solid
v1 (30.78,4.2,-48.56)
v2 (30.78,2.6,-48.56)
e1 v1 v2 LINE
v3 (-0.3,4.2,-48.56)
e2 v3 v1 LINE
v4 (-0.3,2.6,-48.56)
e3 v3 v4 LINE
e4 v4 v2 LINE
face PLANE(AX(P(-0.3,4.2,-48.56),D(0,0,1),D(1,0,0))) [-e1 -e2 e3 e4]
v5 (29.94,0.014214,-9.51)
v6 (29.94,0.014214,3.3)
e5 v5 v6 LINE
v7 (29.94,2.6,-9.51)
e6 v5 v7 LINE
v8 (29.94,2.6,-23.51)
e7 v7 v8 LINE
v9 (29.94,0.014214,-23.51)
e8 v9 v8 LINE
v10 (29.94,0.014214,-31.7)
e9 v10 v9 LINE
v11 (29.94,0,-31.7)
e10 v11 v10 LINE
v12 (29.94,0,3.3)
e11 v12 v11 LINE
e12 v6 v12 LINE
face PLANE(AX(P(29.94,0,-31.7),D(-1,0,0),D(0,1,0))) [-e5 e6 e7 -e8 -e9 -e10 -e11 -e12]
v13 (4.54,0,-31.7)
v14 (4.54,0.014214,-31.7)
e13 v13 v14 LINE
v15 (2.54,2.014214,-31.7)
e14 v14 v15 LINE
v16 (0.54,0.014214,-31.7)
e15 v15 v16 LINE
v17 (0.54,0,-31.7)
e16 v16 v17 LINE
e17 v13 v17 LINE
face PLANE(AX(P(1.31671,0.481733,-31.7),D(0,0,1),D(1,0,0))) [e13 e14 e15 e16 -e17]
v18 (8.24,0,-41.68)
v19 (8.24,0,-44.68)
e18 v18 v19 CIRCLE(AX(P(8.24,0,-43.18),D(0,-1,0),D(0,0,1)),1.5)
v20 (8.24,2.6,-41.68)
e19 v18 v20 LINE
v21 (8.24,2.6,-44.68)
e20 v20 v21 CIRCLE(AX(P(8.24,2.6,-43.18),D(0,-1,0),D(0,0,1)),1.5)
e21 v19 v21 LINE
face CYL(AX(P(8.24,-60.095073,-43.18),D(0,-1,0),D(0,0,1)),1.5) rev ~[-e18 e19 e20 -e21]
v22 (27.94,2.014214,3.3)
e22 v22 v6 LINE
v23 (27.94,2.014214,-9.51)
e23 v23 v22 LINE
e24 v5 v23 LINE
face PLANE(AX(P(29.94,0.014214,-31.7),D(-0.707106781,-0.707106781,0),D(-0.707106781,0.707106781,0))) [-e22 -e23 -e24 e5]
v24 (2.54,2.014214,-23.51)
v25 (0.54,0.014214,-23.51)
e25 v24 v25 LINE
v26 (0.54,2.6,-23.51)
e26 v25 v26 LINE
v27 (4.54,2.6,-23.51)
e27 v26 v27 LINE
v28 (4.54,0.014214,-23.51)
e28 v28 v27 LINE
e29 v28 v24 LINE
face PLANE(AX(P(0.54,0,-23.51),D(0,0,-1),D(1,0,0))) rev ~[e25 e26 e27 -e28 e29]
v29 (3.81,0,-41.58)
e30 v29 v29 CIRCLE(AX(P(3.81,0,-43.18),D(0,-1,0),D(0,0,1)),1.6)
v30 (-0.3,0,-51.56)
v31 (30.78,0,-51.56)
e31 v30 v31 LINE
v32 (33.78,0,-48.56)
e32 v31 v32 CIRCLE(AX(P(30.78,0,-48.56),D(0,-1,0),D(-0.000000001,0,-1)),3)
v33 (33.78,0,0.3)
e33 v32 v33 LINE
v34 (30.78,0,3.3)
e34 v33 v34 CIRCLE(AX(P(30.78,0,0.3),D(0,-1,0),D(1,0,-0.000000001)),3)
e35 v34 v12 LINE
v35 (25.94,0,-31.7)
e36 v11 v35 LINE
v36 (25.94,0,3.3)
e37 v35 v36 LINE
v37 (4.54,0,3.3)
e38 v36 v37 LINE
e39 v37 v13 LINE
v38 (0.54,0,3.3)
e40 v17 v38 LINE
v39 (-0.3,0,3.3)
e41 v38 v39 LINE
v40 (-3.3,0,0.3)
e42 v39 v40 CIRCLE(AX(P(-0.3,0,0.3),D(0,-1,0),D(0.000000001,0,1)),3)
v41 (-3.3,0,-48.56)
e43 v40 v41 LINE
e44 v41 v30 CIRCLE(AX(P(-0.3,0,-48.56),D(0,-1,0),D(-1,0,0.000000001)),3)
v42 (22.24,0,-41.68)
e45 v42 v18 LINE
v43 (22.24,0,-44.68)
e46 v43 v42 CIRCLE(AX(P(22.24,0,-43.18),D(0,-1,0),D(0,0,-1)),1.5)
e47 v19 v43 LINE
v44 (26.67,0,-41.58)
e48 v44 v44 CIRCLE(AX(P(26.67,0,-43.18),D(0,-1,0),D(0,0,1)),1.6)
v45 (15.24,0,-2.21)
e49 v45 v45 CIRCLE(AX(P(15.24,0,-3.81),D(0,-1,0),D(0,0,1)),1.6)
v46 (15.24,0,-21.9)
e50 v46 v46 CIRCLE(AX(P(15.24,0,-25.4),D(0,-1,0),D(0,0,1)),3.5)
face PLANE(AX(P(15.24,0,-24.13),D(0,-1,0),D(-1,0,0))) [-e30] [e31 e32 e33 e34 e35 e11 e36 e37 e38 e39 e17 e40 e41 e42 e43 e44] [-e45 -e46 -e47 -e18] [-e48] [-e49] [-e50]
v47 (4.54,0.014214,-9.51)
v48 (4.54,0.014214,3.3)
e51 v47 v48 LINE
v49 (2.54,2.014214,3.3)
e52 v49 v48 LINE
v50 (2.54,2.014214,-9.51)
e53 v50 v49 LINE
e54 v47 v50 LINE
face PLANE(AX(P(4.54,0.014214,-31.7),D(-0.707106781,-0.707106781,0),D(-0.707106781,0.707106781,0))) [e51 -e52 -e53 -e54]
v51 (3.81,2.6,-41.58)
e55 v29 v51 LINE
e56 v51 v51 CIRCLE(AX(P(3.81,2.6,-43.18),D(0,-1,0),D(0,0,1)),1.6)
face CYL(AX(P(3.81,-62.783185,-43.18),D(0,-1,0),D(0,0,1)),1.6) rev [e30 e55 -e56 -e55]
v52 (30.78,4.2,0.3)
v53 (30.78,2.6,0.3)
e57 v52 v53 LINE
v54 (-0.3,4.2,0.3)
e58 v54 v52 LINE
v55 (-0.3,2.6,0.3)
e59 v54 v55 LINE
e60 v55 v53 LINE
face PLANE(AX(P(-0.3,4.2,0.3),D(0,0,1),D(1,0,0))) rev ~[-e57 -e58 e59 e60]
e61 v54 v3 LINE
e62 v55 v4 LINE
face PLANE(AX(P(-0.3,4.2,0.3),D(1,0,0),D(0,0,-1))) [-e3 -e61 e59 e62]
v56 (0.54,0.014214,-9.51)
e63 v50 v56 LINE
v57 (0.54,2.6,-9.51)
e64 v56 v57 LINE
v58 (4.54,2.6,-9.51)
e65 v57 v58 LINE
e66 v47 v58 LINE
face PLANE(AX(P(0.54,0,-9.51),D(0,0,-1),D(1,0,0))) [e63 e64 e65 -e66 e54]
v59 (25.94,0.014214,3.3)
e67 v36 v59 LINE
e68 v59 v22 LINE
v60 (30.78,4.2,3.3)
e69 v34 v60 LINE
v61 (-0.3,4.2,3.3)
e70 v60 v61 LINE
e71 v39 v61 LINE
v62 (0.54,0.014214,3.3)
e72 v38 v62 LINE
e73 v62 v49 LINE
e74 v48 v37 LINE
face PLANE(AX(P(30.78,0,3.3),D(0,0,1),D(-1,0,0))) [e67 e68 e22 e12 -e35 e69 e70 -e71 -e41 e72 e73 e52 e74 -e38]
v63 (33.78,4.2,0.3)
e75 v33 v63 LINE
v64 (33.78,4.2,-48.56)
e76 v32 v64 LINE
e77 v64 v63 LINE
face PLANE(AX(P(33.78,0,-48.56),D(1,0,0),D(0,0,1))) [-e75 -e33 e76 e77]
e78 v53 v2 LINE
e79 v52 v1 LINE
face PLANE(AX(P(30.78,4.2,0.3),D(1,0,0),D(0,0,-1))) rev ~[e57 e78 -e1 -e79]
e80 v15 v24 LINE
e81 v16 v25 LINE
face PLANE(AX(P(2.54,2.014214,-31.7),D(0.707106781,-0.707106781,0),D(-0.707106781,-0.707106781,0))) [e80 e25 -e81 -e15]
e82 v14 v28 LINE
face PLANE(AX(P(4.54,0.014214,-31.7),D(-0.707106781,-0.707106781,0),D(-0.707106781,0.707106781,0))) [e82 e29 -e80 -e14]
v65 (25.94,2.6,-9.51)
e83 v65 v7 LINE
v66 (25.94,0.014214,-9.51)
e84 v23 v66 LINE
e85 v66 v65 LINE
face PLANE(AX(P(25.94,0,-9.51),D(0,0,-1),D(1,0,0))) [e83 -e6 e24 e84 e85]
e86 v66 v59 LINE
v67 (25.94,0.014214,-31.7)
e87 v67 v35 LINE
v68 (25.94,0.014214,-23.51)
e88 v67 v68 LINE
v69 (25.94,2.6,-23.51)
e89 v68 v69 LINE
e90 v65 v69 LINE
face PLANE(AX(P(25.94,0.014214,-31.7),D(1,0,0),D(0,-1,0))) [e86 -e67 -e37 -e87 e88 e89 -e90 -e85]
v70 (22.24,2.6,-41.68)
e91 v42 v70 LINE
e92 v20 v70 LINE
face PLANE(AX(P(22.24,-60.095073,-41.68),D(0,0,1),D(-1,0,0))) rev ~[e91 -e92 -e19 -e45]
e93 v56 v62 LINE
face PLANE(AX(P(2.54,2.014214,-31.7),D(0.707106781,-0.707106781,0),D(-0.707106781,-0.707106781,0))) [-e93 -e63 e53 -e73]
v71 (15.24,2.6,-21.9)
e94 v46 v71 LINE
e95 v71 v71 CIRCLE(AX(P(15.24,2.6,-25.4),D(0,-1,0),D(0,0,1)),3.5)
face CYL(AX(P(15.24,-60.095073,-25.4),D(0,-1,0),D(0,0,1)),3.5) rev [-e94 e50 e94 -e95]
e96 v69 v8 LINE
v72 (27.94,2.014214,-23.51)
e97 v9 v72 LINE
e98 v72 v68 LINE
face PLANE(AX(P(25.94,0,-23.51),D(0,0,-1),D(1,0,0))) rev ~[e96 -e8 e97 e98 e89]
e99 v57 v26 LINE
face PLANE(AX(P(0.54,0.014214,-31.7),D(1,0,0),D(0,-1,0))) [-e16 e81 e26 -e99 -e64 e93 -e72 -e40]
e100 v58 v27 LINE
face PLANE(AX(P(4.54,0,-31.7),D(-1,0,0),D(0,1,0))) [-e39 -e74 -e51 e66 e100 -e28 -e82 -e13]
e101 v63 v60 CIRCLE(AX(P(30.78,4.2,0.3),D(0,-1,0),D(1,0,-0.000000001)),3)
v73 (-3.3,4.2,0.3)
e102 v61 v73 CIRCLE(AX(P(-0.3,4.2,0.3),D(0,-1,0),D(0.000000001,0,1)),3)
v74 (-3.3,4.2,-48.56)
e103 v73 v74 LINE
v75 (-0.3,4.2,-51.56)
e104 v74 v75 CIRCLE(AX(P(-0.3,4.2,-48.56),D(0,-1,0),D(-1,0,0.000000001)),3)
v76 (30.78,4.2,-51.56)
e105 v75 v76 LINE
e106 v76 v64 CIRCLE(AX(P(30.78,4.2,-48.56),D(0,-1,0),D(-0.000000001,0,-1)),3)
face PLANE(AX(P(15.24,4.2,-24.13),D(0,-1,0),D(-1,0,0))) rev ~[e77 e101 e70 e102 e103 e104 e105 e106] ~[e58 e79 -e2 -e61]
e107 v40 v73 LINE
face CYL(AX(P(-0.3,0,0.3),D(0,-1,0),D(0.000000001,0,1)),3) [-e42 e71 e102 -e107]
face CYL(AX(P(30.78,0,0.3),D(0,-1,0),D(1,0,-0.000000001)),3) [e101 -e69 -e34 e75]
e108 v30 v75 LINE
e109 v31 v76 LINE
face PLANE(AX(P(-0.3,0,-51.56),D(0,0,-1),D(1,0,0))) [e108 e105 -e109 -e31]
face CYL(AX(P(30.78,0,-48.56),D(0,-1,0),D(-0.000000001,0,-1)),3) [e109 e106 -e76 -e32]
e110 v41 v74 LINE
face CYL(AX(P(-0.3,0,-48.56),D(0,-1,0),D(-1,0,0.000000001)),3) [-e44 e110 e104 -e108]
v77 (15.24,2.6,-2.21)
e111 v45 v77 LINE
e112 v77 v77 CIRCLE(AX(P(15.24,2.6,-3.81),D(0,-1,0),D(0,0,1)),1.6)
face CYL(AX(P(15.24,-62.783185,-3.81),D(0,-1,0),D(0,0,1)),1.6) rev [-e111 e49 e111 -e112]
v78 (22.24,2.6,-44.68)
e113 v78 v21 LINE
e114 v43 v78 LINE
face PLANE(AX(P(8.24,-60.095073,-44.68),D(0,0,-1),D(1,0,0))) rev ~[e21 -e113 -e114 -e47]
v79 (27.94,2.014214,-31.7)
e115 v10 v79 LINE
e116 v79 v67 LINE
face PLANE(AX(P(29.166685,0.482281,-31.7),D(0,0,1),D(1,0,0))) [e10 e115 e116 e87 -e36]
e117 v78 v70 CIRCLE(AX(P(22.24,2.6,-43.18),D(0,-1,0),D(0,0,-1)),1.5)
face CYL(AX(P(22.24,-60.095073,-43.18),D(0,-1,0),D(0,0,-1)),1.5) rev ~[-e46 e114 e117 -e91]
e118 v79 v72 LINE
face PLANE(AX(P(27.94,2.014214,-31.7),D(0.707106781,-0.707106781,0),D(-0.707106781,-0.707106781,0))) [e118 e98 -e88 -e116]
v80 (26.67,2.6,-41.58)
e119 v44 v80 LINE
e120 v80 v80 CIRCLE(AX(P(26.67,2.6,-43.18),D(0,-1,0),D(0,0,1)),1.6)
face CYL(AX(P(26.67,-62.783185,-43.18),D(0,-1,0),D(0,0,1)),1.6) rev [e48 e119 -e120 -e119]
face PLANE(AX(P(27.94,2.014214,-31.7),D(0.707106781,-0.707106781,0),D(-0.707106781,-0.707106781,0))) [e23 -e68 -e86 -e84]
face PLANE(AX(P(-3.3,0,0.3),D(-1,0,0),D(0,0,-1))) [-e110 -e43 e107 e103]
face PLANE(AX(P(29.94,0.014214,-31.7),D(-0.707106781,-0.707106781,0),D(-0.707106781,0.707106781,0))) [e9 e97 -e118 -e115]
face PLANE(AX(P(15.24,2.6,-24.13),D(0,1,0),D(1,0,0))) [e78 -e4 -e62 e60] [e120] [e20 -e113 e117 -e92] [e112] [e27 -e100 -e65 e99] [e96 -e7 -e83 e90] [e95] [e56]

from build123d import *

# Parameters (mm, degrees)
BOSS_EXTRUDE1_DEPTH     = 4.2
CUT_EXTRUDE4_DEPTH      = 62.783185415
CUT_EXTRUDE4_DEPTH_BACK = 62.783185415
SKETCH2_R               = 1.6
SKETCH3_W               = 4
SKETCH3_H               = 14
CUT_EXTRUDE5_DEPTH      = 62.783185415
SKETCH6_W               = 31.08
SKETCH6_H               = 48.86
CUT_EXTRUDE6_DEPTH      = 1.6
CUT_EXTRUDE7_DEPTH      = 65.562744675
CUT_EXTRUDE7_DEPTH_BACK = 35
CUT_EXTRUDE8_DEPTH      = 62.695072737
CUT_EXTRUDE8_DEPTH_BACK = 62.695072737
SKETCH9_R               = 3.5


with BuildPart() as part:
    # Sketch1 → Boss-Extrude1 (new body)
    with BuildSketch(Plane(origin=(0, 0, 0), x_dir=(1, 0, 0), z_dir=(0, 1, 0))):
        with BuildLine():
            Line((-3.3, -0.3), (-3.3, 48.56))
            ThreePointArc((-3.3, 48.56), (-2.421320344, 50.681320344), (-0.3, 51.56))
            Line((-0.3, 51.56), (30.78, 51.56))
            ThreePointArc((30.78, 51.56), (32.901320344, 50.681320344), (33.78, 48.56))
            Line((33.78, 48.56), (33.78, -0.3))
            ThreePointArc((33.78, -0.3), (32.901320344, -2.421320344), (30.78, -3.3))
            Line((30.78, -3.3), (-0.3, -3.3))
            ThreePointArc((-0.3, -3.3), (-2.421320344, -2.421320344), (-3.3, -0.3))
        make_face()
    extrude(amount=BOSS_EXTRUDE1_DEPTH)

    # Sketch2 → Cut-Extrude4 (cut, two sides: drawn at the far end of the back side and taken through both)
    with BuildSketch(Plane(origin=(0, 0, 0), x_dir=(1, 0, 0), z_dir=(0, 1, 0)).offset(-CUT_EXTRUDE4_DEPTH_BACK)):
        with Locations(Location((3.81, 43.18, 0), (0, 0, 270))):
            Circle(SKETCH2_R)
        with Locations(Location((26.67, 43.18, 0), (0, 0, 270))):
            Circle(SKETCH2_R)
        with Locations(Location((15.24, 3.81, 0), (0, 0, 270))):
            Circle(SKETCH2_R)
    extrude(amount=CUT_EXTRUDE4_DEPTH + CUT_EXTRUDE4_DEPTH_BACK, mode=Mode.SUBTRACT)

    # Sketch3 → Cut-Extrude5 (cut, through all)
    with BuildSketch(Plane(origin=(0, 0, 0), x_dir=(1, 0, 0), z_dir=(0, 1, 0))):
        with Locations((2.54, 16.51)):
            Rectangle(SKETCH3_W, SKETCH3_H)
        with Locations((27.94, 16.51)):
            Rectangle(SKETCH3_W, SKETCH3_H)
    extrude(amount=CUT_EXTRUDE5_DEPTH, mode=Mode.SUBTRACT)

    # Sketch6 → Cut-Extrude6 (cut)
    with BuildSketch(Plane(origin=(0, 4.2, 0), x_dir=(1, 0, 0), z_dir=(0, 1, 0))):
        with Locations((15.24, 24.13)):
            Rectangle(SKETCH6_W, SKETCH6_H)
    extrude(amount=-CUT_EXTRUDE6_DEPTH, mode=Mode.SUBTRACT)

    # Sketch8 → Cut-Extrude7 (cut, two sides: drawn at the far end of the back side and taken through both)
    with BuildSketch(Plane.XY.offset(3.3).offset(-CUT_EXTRUDE7_DEPTH_BACK)):
        with BuildLine():
            ThreePointArc((1.74, 0), (1.542515791, 0.67088902), (1.832893219, 1.307106781))
            Line((1.832893219, 1.307106781), (0.54, 0.014213562))
            Line((0.54, 0.014213562), (0.54, 0))
            Line((0.54, 0), (1.74, 0))
        make_face()
        with BuildLine():
            ThreePointArc((1.832893219, 1.307106781), (2.54, 1.6), (3.247106781, 1.307106781))
            Line((3.247106781, 1.307106781), (2.54, 2.014213562))
            Line((2.54, 2.014213562), (1.832893219, 1.307106781))
        make_face()
        with BuildLine():
            ThreePointArc((3.54, 0.6), (3.463879533, 0.982683432), (3.247106781, 1.307106781))
            ThreePointArc((3.247106781, 1.307106781), (2.54, 1.6), (1.832893219, 1.307106781))
            ThreePointArc((1.832893219, 1.307106781), (1.542515791, 0.67088902), (1.74, 0))
            Line((1.74, 0), (3.34, 0))
            ThreePointArc((3.34, 0), (3.488683298, 0.283772234), (3.54, 0.6))
        make_face()
        with BuildLine():
            ThreePointArc((1.74, 0), (2.54, -0.4), (3.34, 0))
            Line((3.34, 0), (1.74, 0))
        make_face()
        with BuildLine():
            Line((4.54, 0), (4.54, 0.014213562))
            Line((4.54, 0.014213562), (3.247106781, 1.307106781))
            ThreePointArc((3.247106781, 1.307106781), (3.463879533, 0.982683432), (3.54, 0.6))
            ThreePointArc((3.54, 0.6), (3.488683298, 0.283772234), (3.34, 0))
            Line((3.34, 0), (4.54, 0))
        make_face()
        with BuildLine():
            Line((29.94, 0.014213562), (28.647106781, 1.307106781))
            ThreePointArc((28.647106781, 1.307106781), (28.863879533, 0.982683432), (28.94, 0.6))
            ThreePointArc((28.94, 0.6), (28.888683298, 0.283772234), (28.74, 0))
            Line((28.74, 0), (29.94, 0))
            Line((29.94, 0), (29.94, 0.014213562))
        make_face()
        with BuildLine():
            Line((28.647106781, 1.307106781), (27.94, 2.014213562))
            Line((27.94, 2.014213562), (27.23289323, 1.307106792))
            ThreePointArc((27.23289323, 1.307106792), (27.940000008, 1.6), (28.647106781, 1.307106781))
        make_face()
        with BuildLine():
            ThreePointArc((28.94, 0.6), (28.863879533, 0.982683432), (28.647106781, 1.307106781))
            ThreePointArc((28.647106781, 1.307106781), (27.940000008, 1.6), (27.23289323, 1.307106792))
            ThreePointArc((27.23289323, 1.307106792), (26.942515792, 0.670889028), (27.14, 0))
            Line((27.14, 0), (28.74, 0))
            ThreePointArc((28.74, 0), (28.888683298, 0.283772234), (28.94, 0.6))
        make_face()
        with BuildLine():
            Line((28.74, 0), (27.14, 0))
            ThreePointArc((27.14, 0), (27.94, -0.4), (28.74, 0))
        make_face()
        with BuildLine():
            ThreePointArc((27.14, 0), (26.942515792, 0.670889028), (27.23289323, 1.307106792))
            Line((27.23289323, 1.307106792), (25.94, 0.014213562))
            Line((25.94, 0.014213562), (25.94, 0))
            Line((25.94, 0), (27.14, 0))
        make_face()
    extrude(amount=CUT_EXTRUDE7_DEPTH + CUT_EXTRUDE7_DEPTH_BACK, mode=Mode.SUBTRACT)

    # Sketch9 → Cut-Extrude8 (cut, two sides: drawn at the far end of the back side and taken through both)
    with BuildSketch(Plane(origin=(0, 2.6, 0), x_dir=(1, 0, 0), z_dir=(0, 1, 0)).offset(-CUT_EXTRUDE8_DEPTH_BACK)):
        with Locations(Location((15.24, 25.4, 0), (0, 0, 270))):
            Circle(SKETCH9_R)
        with BuildLine():
            Line((8.24, 44.68), (22.24, 44.68))
            ThreePointArc((22.24, 44.68), (23.74, 43.18), (22.24, 41.68))
            Line((22.24, 41.68), (8.24, 41.68))
            ThreePointArc((8.24, 41.68), (6.74, 43.18), (8.24, 44.68))
        make_face()
    extrude(amount=CUT_EXTRUDE8_DEPTH + CUT_EXTRUDE8_DEPTH_BACK, mode=Mode.SUBTRACT)


solid = part.part
